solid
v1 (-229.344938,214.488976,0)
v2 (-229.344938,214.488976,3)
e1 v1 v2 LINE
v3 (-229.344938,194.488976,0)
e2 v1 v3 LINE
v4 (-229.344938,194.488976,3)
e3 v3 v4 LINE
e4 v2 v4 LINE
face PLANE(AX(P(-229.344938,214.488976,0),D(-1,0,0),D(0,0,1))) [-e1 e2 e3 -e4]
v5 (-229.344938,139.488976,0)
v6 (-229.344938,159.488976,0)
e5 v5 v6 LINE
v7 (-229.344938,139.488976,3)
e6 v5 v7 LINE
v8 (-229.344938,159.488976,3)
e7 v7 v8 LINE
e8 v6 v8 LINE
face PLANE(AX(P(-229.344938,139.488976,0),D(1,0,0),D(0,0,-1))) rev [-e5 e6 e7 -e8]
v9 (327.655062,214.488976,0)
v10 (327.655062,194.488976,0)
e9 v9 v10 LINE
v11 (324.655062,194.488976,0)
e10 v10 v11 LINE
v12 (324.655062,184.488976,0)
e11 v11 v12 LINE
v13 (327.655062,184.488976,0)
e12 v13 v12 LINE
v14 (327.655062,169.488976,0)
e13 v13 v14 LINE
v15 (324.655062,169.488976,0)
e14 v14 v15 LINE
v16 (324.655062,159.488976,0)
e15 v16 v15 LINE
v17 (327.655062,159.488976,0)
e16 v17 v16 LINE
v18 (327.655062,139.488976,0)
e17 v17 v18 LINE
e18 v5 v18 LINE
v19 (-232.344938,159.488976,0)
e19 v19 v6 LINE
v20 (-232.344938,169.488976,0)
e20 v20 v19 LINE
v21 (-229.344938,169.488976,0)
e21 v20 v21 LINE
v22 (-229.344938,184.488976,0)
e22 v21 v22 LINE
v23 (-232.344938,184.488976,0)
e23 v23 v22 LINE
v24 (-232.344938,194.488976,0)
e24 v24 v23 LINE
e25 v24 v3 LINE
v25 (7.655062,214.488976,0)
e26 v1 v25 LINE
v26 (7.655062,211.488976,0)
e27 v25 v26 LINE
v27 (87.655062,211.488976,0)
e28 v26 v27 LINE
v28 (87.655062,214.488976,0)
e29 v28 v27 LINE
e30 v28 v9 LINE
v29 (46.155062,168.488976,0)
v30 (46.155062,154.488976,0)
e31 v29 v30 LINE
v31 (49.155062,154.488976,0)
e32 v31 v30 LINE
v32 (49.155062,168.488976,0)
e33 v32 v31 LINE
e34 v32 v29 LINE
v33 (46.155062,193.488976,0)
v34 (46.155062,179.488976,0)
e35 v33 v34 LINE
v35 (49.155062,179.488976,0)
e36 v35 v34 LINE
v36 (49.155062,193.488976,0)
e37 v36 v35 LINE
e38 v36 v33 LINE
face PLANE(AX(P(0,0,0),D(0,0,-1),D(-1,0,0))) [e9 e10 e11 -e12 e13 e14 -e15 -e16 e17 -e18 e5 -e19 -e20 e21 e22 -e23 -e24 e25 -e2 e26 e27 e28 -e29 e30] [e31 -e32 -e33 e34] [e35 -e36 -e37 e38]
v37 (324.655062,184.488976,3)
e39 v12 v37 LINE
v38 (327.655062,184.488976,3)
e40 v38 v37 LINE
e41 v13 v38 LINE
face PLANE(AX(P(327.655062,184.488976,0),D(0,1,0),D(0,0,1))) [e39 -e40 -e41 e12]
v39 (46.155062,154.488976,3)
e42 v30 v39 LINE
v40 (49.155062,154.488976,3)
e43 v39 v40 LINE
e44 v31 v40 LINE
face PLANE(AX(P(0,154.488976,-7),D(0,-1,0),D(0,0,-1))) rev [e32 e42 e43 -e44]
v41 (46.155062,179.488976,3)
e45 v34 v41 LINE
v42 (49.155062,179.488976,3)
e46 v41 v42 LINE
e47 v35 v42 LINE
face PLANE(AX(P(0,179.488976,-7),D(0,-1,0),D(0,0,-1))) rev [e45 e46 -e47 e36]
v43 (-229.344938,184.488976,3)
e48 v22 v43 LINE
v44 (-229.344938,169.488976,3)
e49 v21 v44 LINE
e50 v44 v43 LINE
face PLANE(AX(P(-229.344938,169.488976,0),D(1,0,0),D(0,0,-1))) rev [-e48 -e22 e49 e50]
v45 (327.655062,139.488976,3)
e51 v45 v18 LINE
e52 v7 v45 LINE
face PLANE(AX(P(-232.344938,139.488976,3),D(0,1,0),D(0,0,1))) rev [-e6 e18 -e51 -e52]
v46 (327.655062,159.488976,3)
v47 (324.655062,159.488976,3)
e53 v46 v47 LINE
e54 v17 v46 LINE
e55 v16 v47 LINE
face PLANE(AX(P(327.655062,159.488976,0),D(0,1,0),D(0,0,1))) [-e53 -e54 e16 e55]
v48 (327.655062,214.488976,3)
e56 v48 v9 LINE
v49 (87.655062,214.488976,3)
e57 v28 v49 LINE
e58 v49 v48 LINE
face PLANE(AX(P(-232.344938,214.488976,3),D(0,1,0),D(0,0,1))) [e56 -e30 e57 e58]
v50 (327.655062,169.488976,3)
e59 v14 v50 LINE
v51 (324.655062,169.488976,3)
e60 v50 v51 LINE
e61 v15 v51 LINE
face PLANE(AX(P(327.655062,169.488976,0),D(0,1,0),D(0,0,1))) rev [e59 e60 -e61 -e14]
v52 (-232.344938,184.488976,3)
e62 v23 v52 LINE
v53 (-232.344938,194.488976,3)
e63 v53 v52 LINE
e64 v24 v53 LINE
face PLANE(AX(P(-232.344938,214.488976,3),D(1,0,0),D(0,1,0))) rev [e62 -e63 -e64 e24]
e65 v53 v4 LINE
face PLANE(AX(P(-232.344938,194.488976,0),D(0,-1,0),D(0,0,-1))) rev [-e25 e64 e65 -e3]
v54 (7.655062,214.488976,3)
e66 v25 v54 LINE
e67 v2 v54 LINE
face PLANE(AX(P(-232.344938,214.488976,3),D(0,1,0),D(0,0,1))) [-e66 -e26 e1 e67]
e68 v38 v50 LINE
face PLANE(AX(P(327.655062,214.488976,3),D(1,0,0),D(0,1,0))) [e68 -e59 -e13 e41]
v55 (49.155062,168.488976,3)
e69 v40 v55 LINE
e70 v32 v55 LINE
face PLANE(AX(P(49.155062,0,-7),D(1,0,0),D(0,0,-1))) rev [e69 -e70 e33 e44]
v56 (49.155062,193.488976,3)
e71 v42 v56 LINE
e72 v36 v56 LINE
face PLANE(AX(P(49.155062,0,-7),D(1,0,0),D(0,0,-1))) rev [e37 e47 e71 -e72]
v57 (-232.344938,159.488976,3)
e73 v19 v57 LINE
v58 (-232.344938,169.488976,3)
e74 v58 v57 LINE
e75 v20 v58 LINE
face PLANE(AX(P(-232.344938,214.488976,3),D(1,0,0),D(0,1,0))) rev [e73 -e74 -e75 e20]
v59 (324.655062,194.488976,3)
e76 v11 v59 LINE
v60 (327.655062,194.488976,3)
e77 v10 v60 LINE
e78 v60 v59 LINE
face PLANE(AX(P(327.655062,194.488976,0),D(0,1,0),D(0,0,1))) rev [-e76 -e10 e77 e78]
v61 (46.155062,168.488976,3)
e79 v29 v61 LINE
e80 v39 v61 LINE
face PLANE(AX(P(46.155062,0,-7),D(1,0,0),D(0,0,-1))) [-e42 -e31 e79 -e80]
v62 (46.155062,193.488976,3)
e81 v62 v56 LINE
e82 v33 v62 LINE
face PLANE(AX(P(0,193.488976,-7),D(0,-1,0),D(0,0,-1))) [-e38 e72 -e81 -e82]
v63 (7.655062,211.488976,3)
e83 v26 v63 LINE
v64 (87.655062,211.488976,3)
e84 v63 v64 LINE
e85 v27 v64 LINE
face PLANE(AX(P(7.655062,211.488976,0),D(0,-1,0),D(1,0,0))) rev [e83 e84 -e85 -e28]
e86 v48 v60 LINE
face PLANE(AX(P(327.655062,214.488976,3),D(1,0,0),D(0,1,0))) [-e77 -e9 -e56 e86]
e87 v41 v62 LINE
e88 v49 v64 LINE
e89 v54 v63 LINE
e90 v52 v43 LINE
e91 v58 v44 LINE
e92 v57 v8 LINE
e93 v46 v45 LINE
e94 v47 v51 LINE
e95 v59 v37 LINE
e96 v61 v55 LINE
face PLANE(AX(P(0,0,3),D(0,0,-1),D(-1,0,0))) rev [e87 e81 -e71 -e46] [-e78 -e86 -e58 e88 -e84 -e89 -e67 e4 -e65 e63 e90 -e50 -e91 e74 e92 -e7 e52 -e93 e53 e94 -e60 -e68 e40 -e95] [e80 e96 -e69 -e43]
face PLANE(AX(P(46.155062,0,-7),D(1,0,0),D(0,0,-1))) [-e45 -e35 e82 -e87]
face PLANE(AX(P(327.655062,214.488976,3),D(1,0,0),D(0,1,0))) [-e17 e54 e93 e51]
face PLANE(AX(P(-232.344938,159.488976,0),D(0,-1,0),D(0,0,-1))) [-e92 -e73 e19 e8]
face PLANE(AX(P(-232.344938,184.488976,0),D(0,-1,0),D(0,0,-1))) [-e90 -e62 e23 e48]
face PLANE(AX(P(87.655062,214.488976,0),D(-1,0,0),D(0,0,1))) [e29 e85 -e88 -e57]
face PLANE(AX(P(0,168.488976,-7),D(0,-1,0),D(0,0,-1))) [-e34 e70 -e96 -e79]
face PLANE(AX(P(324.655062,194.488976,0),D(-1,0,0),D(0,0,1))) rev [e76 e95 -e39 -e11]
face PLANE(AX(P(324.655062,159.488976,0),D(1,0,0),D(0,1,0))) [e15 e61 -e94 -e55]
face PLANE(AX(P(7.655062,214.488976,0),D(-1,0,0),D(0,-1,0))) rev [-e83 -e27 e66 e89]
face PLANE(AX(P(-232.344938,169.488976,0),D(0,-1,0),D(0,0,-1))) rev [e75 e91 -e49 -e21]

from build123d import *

# Parameters (mm, degrees)
SKETCH1_W           = 560
SKETCH1_H           = 75
BOSS_EXTRUDE1_DEPTH = 3
SKETCH2_W           = 3
SKETCH2_H           = 10
CUT_EXTRUDE1_DEPTH  = 3
SKETCH3_W           = 3
SKETCH3_H           = 20
SKETCH3_H_2         = 15
CUT_EXTRUDE2_DEPTH  = 3
SKETCH4_W           = 80
SKETCH4_H           = 3
CUT_EXTRUDE3_DEPTH  = 3
SKETCH5_W           = 3
SKETCH5_H           = 14
CUT_EXTRUDE4_DEPTH  = 10


with BuildPart() as part:
    # Sketch1 → Boss-Extrude1 (new body)
    with BuildSketch(Plane.XY):
        with Locations((47.655062333, 176.988975695)):
            Rectangle(SKETCH1_W, SKETCH1_H)
    extrude(amount=BOSS_EXTRUDE1_DEPTH)

    # Sketch2 → Cut-Extrude1 (cut)
    with BuildSketch(Plane.XY.offset(3)):
        with Locations((326.155062333, 189.488975695)):
            Rectangle(SKETCH2_W, SKETCH2_H)
        with Locations((326.155062333, 164.488975695)):
            Rectangle(SKETCH2_W, SKETCH2_H)
    extrude(amount=-CUT_EXTRUDE1_DEPTH, mode=Mode.SUBTRACT)

    # Sketch3 → Cut-Extrude2 (cut)
    with BuildSketch(Plane.XY.offset(3)):
        with Locations((-230.844937667, 204.488975695)):
            Rectangle(SKETCH3_W, SKETCH3_H)
        with Locations((-230.844937667, 149.488975695)):
            Rectangle(SKETCH3_W, SKETCH3_H)
        with Locations((-230.844937667, 176.988975695)):
            Rectangle(SKETCH3_W, SKETCH3_H_2)
    extrude(amount=-CUT_EXTRUDE2_DEPTH, mode=Mode.SUBTRACT)

    # Sketch4 → Cut-Extrude3 (cut)
    with BuildSketch(Plane.XY.offset(3)):
        with Locations((47.655062333, 212.988975695)):
            Rectangle(SKETCH4_W, SKETCH4_H)
    extrude(amount=-CUT_EXTRUDE3_DEPTH, mode=Mode.SUBTRACT)

    # Sketch5 → Cut-Extrude4 (cut)
    with BuildSketch(Plane.XY.offset(3)):
        with Locations((47.655062333, 186.488975695)):
            Rectangle(SKETCH5_W, SKETCH5_H)
        with Locations((47.655062333, 161.488975695)):
            Rectangle(SKETCH5_W, SKETCH5_H)
    extrude(amount=-CUT_EXTRUDE4_DEPTH, mode=Mode.SUBTRACT)


solid = part.part
